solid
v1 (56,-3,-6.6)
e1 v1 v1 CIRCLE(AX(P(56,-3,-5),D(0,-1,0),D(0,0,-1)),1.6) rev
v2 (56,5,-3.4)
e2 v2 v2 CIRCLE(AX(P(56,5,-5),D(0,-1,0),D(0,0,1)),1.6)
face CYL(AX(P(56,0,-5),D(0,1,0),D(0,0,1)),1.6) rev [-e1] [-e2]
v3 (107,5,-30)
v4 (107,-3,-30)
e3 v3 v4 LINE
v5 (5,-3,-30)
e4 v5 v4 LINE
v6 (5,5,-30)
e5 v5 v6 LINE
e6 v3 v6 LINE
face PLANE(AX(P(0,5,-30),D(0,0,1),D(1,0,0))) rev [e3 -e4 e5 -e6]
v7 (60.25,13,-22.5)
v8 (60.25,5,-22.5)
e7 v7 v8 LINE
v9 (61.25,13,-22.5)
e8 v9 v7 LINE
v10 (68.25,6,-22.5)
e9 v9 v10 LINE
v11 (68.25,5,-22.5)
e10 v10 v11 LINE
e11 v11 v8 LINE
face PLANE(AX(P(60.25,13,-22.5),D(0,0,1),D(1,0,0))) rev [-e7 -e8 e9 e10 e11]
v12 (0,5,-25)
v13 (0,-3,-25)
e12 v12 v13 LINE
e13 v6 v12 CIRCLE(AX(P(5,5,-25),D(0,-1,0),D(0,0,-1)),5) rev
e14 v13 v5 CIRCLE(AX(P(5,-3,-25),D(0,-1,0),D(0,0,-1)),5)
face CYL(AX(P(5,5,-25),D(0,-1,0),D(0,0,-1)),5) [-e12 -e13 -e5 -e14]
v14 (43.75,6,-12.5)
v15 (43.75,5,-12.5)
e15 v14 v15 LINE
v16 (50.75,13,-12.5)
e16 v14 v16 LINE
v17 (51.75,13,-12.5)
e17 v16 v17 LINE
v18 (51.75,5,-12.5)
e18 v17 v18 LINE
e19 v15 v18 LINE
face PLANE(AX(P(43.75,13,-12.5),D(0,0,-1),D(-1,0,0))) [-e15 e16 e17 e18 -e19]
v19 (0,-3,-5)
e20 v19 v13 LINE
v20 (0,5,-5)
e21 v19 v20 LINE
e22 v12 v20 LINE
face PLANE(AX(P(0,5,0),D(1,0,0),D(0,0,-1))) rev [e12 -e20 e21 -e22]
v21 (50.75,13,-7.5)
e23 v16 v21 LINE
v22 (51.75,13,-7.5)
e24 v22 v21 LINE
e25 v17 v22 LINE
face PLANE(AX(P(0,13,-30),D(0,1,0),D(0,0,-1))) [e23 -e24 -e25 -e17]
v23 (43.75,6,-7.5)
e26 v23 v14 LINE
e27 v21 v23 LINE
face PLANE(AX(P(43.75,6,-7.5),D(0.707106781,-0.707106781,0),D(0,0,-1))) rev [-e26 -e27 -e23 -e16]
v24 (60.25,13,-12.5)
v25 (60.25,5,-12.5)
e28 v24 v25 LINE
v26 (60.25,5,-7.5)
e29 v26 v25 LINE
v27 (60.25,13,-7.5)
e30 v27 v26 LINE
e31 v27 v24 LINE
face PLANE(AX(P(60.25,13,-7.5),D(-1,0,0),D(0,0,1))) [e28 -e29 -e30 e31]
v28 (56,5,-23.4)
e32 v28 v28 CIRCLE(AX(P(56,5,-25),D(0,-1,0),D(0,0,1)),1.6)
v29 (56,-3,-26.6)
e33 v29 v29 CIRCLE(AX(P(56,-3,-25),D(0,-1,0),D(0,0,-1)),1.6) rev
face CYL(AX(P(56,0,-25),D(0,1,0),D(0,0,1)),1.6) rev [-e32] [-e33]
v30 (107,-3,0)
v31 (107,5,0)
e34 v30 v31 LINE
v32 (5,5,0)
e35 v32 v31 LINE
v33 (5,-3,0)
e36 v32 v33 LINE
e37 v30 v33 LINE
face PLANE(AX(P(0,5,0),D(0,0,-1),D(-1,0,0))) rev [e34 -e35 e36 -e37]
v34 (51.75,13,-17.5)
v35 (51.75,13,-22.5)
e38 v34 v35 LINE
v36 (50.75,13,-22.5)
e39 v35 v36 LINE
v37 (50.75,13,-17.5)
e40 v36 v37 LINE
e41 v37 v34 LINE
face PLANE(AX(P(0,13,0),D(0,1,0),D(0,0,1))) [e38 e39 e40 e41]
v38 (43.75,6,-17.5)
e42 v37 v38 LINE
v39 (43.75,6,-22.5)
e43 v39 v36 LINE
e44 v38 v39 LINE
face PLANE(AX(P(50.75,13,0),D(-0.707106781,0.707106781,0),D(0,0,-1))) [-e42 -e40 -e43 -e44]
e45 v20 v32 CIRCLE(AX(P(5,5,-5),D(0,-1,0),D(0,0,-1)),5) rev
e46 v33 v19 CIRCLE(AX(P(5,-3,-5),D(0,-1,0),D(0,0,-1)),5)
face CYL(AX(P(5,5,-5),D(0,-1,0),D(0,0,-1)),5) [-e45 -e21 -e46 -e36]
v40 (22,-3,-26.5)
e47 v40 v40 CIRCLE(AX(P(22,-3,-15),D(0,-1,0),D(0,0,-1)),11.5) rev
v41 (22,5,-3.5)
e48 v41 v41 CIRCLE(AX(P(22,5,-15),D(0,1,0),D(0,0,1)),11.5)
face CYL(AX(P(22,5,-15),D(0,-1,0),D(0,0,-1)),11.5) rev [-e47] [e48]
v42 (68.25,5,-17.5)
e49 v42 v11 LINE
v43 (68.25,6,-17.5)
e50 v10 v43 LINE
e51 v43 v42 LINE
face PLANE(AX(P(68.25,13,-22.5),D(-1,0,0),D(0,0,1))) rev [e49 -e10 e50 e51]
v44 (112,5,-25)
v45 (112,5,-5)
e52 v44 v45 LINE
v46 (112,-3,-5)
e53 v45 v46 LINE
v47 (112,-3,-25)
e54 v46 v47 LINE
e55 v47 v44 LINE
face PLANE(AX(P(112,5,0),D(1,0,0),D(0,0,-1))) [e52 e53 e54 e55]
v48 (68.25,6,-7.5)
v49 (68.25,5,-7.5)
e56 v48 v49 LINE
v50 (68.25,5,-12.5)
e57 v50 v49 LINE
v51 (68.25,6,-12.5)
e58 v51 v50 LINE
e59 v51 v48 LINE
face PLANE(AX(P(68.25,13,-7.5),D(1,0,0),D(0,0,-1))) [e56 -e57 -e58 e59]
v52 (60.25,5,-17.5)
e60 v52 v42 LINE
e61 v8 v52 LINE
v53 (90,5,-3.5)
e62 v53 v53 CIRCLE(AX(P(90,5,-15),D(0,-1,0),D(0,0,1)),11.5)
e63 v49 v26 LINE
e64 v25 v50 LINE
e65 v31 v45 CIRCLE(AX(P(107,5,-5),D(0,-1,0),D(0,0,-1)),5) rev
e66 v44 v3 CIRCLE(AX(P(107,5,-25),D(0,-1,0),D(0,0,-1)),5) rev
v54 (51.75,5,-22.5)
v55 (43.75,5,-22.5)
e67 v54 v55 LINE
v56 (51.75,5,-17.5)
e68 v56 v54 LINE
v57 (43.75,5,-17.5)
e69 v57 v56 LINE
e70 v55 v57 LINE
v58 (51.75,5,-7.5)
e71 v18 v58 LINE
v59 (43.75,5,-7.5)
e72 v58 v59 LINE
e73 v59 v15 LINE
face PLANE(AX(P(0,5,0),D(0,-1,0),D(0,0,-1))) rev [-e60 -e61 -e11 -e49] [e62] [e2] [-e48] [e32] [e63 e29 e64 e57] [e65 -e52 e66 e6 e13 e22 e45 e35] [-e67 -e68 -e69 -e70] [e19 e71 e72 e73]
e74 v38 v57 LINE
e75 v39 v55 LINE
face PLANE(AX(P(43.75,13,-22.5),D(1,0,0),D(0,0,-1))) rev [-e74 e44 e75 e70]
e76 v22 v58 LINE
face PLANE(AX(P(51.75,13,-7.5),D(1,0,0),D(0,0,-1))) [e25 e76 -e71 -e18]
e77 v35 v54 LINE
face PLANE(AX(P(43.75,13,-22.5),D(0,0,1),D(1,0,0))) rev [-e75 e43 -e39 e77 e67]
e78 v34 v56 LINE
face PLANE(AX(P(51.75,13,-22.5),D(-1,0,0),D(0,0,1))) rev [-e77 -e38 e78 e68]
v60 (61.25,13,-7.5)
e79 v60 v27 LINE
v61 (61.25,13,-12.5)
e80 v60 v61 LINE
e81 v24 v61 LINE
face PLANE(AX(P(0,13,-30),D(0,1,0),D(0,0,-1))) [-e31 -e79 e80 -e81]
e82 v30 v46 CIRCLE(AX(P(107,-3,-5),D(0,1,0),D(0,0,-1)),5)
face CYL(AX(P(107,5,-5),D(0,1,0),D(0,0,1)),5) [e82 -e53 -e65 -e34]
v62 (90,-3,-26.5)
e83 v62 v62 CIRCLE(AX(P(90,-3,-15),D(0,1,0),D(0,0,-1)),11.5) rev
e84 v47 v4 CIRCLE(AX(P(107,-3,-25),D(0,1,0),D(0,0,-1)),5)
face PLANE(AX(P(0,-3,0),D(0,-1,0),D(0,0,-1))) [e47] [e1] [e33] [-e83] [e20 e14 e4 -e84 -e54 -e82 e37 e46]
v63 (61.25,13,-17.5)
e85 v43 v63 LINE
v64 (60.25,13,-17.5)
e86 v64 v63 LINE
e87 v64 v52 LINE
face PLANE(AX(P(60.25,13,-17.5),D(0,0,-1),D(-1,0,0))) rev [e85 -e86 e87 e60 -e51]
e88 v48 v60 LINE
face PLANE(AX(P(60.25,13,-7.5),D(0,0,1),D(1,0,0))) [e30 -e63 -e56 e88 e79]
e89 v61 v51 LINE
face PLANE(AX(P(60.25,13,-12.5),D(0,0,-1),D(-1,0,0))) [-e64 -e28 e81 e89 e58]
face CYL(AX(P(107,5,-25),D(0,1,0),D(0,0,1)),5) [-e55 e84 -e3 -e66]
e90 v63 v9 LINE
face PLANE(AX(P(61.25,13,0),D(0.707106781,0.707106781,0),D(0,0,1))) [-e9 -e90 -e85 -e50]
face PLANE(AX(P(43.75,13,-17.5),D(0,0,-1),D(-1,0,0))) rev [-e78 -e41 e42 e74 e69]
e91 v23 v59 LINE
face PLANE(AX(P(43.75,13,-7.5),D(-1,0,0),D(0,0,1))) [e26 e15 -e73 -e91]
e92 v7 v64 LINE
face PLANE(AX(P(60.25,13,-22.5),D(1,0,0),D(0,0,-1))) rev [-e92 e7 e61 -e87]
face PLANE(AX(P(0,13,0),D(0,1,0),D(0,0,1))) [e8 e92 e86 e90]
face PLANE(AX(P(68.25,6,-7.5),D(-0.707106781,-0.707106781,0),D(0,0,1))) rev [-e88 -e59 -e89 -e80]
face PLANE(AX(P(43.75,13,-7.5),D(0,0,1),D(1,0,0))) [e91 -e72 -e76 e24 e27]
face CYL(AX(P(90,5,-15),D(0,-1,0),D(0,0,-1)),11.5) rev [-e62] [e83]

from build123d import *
from build123d.topology import SkipClean

# Parameters (mm, degrees)
SKETCH1_W                = 60
SKETCH1_H                = 30
SKETCH1_R                = 11.5
BOSS_EXTRUDE1_DEPTH      = 5
SKETCH2_R                = 1.6
CUT_EXTRUDE1_DEPTH       = 68.268120235
FILLET1_R                = 5
SKETCH6_R                = 1.6
SKETCH6_R_2              = 11.5
BOSS_EXTRUDE4_DEPTH      = 3
FILLET1_OF_MIRROR1_R     = 5
SKETCH7_W                = 8
SKETCH7_H                = 5
BOSS_EXTRUDE5_DEPTH      = 8
CHAMFER1_SIZE            = 7
CHAMFER1_OF_MIRROR2_SIZE = 7


with BuildPart() as part:
    # Sketch1 → Boss-Extrude1 (new body)
    with BuildSketch(Plane(origin=(0, 0, 0), x_dir=(1, 0, 0), z_dir=(0, 1, 0))):
        with Locations((30, 15)):
            Rectangle(SKETCH1_W, SKETCH1_H)
        with Locations(Location((22, 15, 0), (0, 0, 270))):
            Circle(SKETCH1_R, mode=Mode.SUBTRACT)
    boss_extrude1 = extrude(amount=BOSS_EXTRUDE1_DEPTH)

    # Sketch2 → Cut-Extrude1 (cut, through all)
    with BuildSketch(Plane(origin=(0, 5, 0), x_dir=(1, 0, 0), z_dir=(0, 1, 0))):
        with Locations(Location((56, 25, 0), (0, 0, 270))):
            Circle(SKETCH2_R)
        with Locations(Location((56, 5, 0), (0, 0, 270))):
            Circle(SKETCH2_R)
    cut_extrude1 = extrude(amount=-CUT_EXTRUDE1_DEPTH, mode=Mode.SUBTRACT)

    # Fillet1
    fillet1_edges = [part.edges().sort_by_distance(p)[0] for p in [
        (0, 2.5, -30),
        (0, 2.5, 0),
    ]]
    fillet(fillet1_edges, radius=FILLET1_R)

    # Sketch6 → Boss-Extrude4 (add)
    with SkipClean():  # the faces are left unmerged after this step: merging them gives an invalid solid
        with BuildSketch(Plane.XZ):
            with BuildLine():
                Line((60, -30), (60, 0))
                Line((60, 0), (5, 0))
                ThreePointArc((5, 0), (1.464466094, -1.464466094), (0, -5))
                Line((0, -5), (0, -25))
                ThreePointArc((0, -25), (1.464466094, -28.535533906), (5, -30))
                Line((5, -30), (60, -30))
            make_face()
            with Locations((56, -25)):
                Circle(SKETCH6_R, mode=Mode.SUBTRACT)
            with Locations((22, -15)):
                Circle(SKETCH6_R_2, mode=Mode.SUBTRACT)
            with Locations((56, -5)):
                Circle(SKETCH6_R, mode=Mode.SUBTRACT)
        boss_extrude4 = extrude(amount=BOSS_EXTRUDE4_DEPTH)

    # Mirror1: Boss-Extrude1, Cut-Extrude1, Boss-Extrude4 across plane
    with SkipClean():  # the faces are left unmerged after this step: merging them gives an invalid solid
        add(boss_extrude1.mirror(Plane(origin=(56, 0, 0), x_dir=(0, 0, 1), z_dir=(1, 0, 0))))
        add(cut_extrude1.mirror(Plane(origin=(56, 0, 0), x_dir=(0, 0, 1), z_dir=(1, 0, 0))), mode=Mode.SUBTRACT)
        add(boss_extrude4.mirror(Plane(origin=(56, 0, 0), x_dir=(0, 0, 1), z_dir=(1, 0, 0))))

    # Fillet1 of Mirror1
    fillet1_of_mirror1_edges = [part.edges().sort_by_distance(p)[0] for p in [
        (112, 2.5, -30),
        (112, 2.5, 0),
    ]]
    fillet(fillet1_of_mirror1_edges, radius=FILLET1_OF_MIRROR1_R)

    # Sketch7 → Boss-Extrude5 (add)
    with SkipClean():  # the faces are left unmerged after this step: merging them gives an invalid solid
        with BuildSketch(Plane(origin=(0, 5, 0), x_dir=(1, 0, 0), z_dir=(0, 1, 0))):
            with Locations((47.75, 20)):
                Rectangle(SKETCH7_W, SKETCH7_H)
            with Locations((64.25, 20)):
                Rectangle(SKETCH7_W, SKETCH7_H)
        boss_extrude5 = extrude(amount=BOSS_EXTRUDE5_DEPTH)

    # Chamfer1
    chamfer1_edges = [part.edges().sort_by_distance(p)[0] for p in [
        (43.75, 13, -20),
        (68.25, 13, -20),
    ]]
    chamfer(chamfer1_edges, length=CHAMFER1_SIZE)

    # Mirror2: Boss-Extrude5 across plane
    with SkipClean():  # the faces are left unmerged after this step: merging them gives an invalid solid
        add(boss_extrude5.mirror(Plane(origin=(0, 0, -15), x_dir=(1, 0, 0), z_dir=(0, 0, -1))))

    # Chamfer1 of Mirror2
    chamfer1_of_mirror2_edges = [part.edges().sort_by_distance(p)[0] for p in [
        (43.75, 13, -10),
        (68.25, 13, -10),
    ]]
    chamfer(chamfer1_of_mirror2_edges, length=CHAMFER1_OF_MIRROR2_SIZE)


solid = part.part
